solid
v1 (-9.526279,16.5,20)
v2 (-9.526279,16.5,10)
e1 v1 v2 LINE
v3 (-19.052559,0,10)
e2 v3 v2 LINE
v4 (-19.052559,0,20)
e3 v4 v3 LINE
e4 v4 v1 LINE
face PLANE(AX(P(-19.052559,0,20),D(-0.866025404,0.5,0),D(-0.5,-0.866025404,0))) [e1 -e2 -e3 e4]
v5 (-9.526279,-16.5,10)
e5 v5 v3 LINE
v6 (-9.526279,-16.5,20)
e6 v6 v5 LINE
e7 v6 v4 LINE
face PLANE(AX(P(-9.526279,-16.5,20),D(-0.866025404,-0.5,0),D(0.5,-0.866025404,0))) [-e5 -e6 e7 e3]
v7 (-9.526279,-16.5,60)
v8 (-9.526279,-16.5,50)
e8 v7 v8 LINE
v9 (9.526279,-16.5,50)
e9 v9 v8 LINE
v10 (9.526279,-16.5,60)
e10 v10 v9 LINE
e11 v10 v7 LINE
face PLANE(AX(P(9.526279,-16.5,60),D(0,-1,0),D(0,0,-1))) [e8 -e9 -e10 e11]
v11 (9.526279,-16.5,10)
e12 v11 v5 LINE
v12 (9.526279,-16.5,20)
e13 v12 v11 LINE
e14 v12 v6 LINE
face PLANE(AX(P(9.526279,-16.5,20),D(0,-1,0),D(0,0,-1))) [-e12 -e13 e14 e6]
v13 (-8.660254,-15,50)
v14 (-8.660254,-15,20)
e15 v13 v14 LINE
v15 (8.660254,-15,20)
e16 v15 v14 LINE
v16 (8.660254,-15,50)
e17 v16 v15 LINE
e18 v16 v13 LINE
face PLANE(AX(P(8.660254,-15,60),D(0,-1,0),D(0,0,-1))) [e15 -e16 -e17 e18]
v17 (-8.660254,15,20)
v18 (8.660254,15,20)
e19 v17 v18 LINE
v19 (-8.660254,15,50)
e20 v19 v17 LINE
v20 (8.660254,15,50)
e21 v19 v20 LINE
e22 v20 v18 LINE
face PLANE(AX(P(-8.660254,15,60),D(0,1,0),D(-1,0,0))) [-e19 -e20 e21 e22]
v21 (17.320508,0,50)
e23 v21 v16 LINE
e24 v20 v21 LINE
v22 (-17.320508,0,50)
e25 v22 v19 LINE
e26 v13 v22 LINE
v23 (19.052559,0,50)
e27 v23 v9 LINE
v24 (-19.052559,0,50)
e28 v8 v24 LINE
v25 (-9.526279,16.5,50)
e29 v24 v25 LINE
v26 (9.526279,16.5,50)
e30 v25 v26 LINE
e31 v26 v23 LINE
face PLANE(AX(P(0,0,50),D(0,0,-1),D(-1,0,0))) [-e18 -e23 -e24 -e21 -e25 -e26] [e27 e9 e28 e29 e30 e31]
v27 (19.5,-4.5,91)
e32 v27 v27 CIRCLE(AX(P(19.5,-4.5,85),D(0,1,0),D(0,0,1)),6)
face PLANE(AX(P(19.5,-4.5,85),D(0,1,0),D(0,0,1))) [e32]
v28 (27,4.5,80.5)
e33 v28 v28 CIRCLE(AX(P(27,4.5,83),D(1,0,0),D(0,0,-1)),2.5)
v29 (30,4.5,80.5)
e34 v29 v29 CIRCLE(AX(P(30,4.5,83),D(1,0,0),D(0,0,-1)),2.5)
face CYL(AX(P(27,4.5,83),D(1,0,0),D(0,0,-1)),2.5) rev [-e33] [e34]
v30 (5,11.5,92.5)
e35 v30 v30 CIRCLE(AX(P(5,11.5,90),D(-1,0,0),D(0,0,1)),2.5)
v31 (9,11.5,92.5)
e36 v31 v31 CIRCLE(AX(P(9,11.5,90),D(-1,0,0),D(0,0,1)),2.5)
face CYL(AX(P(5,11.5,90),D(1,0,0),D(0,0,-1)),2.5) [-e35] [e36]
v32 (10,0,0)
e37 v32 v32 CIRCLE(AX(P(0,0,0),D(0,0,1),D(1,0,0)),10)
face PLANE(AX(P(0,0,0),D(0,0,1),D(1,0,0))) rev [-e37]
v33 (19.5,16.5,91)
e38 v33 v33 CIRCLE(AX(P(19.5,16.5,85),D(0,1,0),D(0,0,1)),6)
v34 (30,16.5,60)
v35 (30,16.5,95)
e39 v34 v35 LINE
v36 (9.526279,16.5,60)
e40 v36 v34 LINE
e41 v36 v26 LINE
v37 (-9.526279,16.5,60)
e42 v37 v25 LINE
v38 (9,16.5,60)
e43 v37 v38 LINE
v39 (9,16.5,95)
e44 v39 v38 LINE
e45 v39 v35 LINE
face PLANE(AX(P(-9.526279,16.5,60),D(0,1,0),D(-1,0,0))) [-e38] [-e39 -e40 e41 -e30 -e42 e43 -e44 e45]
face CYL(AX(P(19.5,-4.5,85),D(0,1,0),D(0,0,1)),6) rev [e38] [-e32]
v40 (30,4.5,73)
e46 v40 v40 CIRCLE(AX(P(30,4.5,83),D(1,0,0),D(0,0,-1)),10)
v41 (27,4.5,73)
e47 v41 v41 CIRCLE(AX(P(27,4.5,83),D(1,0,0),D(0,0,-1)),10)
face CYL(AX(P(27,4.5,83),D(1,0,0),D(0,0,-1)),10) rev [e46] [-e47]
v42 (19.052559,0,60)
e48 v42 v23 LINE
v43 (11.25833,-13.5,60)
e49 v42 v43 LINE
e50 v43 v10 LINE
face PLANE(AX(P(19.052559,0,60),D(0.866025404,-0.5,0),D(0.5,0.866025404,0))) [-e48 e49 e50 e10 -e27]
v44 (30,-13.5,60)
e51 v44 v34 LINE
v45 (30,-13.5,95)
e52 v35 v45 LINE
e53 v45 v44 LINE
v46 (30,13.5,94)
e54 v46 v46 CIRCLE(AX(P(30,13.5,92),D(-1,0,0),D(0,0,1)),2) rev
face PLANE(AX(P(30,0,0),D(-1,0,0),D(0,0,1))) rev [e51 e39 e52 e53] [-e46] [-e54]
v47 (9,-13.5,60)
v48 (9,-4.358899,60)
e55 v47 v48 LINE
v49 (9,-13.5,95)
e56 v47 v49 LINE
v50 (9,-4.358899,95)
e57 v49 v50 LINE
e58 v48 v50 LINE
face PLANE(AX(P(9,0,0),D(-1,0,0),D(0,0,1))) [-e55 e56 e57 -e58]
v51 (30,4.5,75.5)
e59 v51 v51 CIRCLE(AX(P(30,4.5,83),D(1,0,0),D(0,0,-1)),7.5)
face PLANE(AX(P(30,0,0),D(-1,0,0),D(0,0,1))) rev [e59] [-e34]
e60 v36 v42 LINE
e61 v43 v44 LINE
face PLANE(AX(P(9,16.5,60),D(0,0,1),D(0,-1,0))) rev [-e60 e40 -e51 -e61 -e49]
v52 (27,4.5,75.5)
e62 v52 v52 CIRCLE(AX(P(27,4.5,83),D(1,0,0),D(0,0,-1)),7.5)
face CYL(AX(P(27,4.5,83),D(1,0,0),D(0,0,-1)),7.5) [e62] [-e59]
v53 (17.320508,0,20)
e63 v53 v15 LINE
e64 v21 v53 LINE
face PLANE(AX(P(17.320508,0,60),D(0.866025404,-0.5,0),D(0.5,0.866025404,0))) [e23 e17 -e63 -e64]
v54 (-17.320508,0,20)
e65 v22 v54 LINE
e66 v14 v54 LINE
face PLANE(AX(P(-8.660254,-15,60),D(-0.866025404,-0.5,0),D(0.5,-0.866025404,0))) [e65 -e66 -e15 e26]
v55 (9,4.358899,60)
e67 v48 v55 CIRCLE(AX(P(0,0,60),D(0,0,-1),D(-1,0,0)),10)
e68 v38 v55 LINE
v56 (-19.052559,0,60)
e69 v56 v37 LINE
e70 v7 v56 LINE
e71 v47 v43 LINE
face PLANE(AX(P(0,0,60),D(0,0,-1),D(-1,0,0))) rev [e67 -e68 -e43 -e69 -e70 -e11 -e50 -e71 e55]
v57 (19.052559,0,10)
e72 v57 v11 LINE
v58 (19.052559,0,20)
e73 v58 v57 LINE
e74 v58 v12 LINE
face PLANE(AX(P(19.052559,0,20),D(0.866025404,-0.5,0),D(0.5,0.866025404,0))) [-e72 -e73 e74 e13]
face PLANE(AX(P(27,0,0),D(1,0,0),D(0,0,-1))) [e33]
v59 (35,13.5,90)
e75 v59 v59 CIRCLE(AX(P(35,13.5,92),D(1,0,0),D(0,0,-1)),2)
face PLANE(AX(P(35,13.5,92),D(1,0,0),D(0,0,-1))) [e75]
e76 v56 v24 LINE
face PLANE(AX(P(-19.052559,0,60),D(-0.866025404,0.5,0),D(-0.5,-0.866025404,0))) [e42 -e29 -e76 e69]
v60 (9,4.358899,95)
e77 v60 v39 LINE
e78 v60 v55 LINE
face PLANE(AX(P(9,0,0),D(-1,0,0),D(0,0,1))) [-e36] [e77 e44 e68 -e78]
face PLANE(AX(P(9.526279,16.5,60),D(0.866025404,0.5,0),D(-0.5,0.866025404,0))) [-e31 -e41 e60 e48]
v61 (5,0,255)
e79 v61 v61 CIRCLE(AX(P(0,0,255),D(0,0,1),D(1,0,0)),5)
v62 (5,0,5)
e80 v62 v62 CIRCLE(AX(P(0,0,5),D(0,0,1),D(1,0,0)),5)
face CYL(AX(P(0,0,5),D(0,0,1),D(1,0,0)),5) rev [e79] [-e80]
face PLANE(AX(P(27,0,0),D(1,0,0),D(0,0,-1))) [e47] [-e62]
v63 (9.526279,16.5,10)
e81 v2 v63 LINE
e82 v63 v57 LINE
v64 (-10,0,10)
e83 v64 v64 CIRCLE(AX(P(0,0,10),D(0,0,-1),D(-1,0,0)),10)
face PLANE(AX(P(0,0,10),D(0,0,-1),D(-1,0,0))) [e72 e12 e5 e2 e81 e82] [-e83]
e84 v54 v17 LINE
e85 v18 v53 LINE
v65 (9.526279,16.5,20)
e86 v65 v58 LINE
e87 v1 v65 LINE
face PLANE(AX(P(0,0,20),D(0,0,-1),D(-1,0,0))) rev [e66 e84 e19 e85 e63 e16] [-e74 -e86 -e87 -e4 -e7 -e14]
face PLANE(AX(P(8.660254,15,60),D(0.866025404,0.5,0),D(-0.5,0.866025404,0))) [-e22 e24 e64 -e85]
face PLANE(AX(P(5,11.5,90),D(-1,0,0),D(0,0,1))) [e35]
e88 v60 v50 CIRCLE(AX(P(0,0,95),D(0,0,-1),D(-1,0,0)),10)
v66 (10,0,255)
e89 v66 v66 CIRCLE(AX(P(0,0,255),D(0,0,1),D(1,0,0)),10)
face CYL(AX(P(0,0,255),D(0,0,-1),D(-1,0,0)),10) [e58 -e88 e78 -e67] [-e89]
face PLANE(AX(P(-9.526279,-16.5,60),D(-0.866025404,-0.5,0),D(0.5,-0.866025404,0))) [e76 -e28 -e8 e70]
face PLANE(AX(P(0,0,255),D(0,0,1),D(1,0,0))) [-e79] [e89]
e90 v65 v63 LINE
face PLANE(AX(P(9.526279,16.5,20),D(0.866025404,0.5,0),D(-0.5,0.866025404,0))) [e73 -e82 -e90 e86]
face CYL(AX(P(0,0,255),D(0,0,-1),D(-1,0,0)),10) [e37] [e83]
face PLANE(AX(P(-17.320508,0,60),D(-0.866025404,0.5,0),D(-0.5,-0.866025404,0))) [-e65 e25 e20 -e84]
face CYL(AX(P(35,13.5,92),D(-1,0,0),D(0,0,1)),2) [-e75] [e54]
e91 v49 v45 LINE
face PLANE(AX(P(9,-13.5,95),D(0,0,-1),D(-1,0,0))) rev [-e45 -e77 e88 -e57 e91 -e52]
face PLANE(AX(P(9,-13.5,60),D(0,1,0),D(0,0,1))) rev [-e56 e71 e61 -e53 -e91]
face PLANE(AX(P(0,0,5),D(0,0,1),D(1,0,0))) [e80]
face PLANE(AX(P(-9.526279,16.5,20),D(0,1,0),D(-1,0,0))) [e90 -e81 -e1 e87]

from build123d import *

# Parameters (mm, degrees)
SKETCH1_R            = 10
BOSS_EXTRUDE1_DEPTH  = 255
SKETCH2_R            = 5
CUT_EXTRUDE1_DEPTH   = 250
BOSS_EXTRUDE2_START  = -10
SKETCH3_R            = 10
BOSS_EXTRUDE2_DEPTH  = 50
BOSS_EXTRUDE3_DEPTH  = 10
BOSS_EXTRUDE4_START  = -40
BOSS_EXTRUDE4_DEPTH  = 10
BOSS_EXTRUDE6_START  = 10
SKETCH5_W            = 35
SKETCH5_H            = 30
BOSS_EXTRUDE6_DEPTH  = 10
SKETCH6_W            = 35
SKETCH6_H            = 30
BOSS_EXTRUDE8_DEPTH  = 11
SKETCH7_R            = 6
CUT_EXTRUDE2_DEPTH   = 21
SKETCH8_R            = 2.5
BOSS_EXTRUDE9_DEPTH  = 4
SKETCH9_R            = 10
SKETCH9_R_2          = 7.5
SKETCH9_R_3          = 2.5
CUT_EXTRUDE3_DEPTH   = 3
SKETCH10_R           = 2
BOSS_EXTRUDE10_DEPTH = 5


with BuildPart() as part:
    # Sketch1 → Boss-Extrude1 (new body)
    with BuildSketch(Plane.XY):
        Circle(SKETCH1_R)
    extrude(amount=BOSS_EXTRUDE1_DEPTH)

    # Sketch2 → Cut-Extrude1 (cut)
    with BuildSketch(Plane.XY.offset(255)):
        Circle(SKETCH2_R)
    extrude(amount=-CUT_EXTRUDE1_DEPTH, mode=Mode.SUBTRACT)

    # Sketch3 → Boss-Extrude2 (add)
    with BuildSketch(Plane(origin=(0, 0, 0), x_dir=(-1, 0, 0), z_dir=(0, 0, -1)).offset(BOSS_EXTRUDE2_START)):
        Polygon((17.320508076, 0), (8.660254038, 15), (-8.660254038, 15), (-17.320508076, 0), (-8.660254038, -15), (8.660254038, -15), align=None)
        Circle(SKETCH3_R, mode=Mode.SUBTRACT)
    extrude(amount=-BOSS_EXTRUDE2_DEPTH)

    # Sketch4 → Boss-Extrude3 (add)
    with BuildSketch(Plane(origin=(0, 0, 10), x_dir=(-1, 0, 0), z_dir=(0, 0, -1))):
        Polygon((-9.526279442, -16.5), (9.526279442, -16.5), (19.052558883, 0), (9.526279442, 16.5), (-9.526279442, 16.5), (-19.052558883, 0), align=None)
        Polygon((8.660254038, 15), (-8.660254038, 15), (-17.320508076, 0), (-8.660254038, -15), (8.660254038, -15), (17.320508076, 0), align=None, mode=Mode.SUBTRACT)
    extrude(amount=-BOSS_EXTRUDE3_DEPTH)

    # Sketch4<2> → Boss-Extrude4 (add)
    with BuildSketch(Plane(origin=(0, 0, 10), x_dir=(-1, 0, 0), z_dir=(0, 0, -1)).offset(BOSS_EXTRUDE4_START)):
        Polygon((-9.526279442, -16.5), (9.526279442, -16.5), (19.052558883, 0), (9.526279442, 16.5), (-9.526279442, 16.5), (-19.052558883, 0), align=None)
        Polygon((8.660254038, 15), (-8.660254038, 15), (-17.320508076, 0), (-8.660254038, -15), (8.660254038, -15), (17.320508076, 0), align=None, mode=Mode.SUBTRACT)
    extrude(amount=-BOSS_EXTRUDE4_DEPTH)



with BuildPart() as body_2:
    # Sketch5 → Boss-Extrude6 (new body)
    with BuildSketch(Plane(origin=(10, 0, 0), x_dir=(0, 0, -1), z_dir=(1, 0, 0)).offset(BOSS_EXTRUDE6_START)):
        with Locations((-77.5, 1.5)):
            Rectangle(SKETCH5_W, SKETCH5_H)
    extrude(amount=BOSS_EXTRUDE6_DEPTH)


with BuildPart() as part_1:
    add(part.part)

    add(body_2.part)  # Boss-Extrude8 merges body 2
    # Sketch6 → Boss-Extrude8 (add)
    with BuildSketch(Plane.ZY.offset(-20)):
        with Locations((77.5, 1.5)):
            Rectangle(SKETCH6_W, SKETCH6_H)
    extrude(amount=BOSS_EXTRUDE8_DEPTH)

    # Sketch7 → Cut-Extrude2 (cut)
    with BuildSketch(Plane(origin=(0, 16.5, 0), x_dir=(1, 0, 0), z_dir=(0, 1, 0))):
        with Locations((19.5, -85)):
            Circle(SKETCH7_R)
    extrude(amount=-CUT_EXTRUDE2_DEPTH, mode=Mode.SUBTRACT)

    # Sketch8 → Boss-Extrude9 (add)
    with BuildSketch(Plane.ZY.offset(-9)):
        with Locations((90, 11.5)):
            Circle(SKETCH8_R)
    extrude(amount=BOSS_EXTRUDE9_DEPTH)

    # Sketch9 → Cut-Extrude3 (cut)
    # profile 1 of 2: a face of its own
    with BuildSketch(Plane(origin=(30, 0, 0), x_dir=(0, 0, -1), z_dir=(1, 0, 0))):
        with Locations((-83, 4.5)):
            Circle(SKETCH9_R)
        with Locations((-83, 4.5)):
            Circle(SKETCH9_R_2, mode=Mode.SUBTRACT)
    # profile 2 of 2: a face of its own
    with BuildSketch(Plane(origin=(30, 0, 0), x_dir=(0, 0, -1), z_dir=(1, 0, 0))):
        with Locations((-83, 4.5)):
            Circle(SKETCH9_R_3)
    extrude(amount=-CUT_EXTRUDE3_DEPTH, mode=Mode.SUBTRACT)

    # Sketch10 → Boss-Extrude10 (add)
    with BuildSketch(Plane(origin=(30, 0, 0), x_dir=(0, 0, -1), z_dir=(1, 0, 0))):
        with Locations((-92, 13.5)):
            Circle(SKETCH10_R)
    extrude(amount=BOSS_EXTRUDE10_DEPTH)


solid = part_1.part
